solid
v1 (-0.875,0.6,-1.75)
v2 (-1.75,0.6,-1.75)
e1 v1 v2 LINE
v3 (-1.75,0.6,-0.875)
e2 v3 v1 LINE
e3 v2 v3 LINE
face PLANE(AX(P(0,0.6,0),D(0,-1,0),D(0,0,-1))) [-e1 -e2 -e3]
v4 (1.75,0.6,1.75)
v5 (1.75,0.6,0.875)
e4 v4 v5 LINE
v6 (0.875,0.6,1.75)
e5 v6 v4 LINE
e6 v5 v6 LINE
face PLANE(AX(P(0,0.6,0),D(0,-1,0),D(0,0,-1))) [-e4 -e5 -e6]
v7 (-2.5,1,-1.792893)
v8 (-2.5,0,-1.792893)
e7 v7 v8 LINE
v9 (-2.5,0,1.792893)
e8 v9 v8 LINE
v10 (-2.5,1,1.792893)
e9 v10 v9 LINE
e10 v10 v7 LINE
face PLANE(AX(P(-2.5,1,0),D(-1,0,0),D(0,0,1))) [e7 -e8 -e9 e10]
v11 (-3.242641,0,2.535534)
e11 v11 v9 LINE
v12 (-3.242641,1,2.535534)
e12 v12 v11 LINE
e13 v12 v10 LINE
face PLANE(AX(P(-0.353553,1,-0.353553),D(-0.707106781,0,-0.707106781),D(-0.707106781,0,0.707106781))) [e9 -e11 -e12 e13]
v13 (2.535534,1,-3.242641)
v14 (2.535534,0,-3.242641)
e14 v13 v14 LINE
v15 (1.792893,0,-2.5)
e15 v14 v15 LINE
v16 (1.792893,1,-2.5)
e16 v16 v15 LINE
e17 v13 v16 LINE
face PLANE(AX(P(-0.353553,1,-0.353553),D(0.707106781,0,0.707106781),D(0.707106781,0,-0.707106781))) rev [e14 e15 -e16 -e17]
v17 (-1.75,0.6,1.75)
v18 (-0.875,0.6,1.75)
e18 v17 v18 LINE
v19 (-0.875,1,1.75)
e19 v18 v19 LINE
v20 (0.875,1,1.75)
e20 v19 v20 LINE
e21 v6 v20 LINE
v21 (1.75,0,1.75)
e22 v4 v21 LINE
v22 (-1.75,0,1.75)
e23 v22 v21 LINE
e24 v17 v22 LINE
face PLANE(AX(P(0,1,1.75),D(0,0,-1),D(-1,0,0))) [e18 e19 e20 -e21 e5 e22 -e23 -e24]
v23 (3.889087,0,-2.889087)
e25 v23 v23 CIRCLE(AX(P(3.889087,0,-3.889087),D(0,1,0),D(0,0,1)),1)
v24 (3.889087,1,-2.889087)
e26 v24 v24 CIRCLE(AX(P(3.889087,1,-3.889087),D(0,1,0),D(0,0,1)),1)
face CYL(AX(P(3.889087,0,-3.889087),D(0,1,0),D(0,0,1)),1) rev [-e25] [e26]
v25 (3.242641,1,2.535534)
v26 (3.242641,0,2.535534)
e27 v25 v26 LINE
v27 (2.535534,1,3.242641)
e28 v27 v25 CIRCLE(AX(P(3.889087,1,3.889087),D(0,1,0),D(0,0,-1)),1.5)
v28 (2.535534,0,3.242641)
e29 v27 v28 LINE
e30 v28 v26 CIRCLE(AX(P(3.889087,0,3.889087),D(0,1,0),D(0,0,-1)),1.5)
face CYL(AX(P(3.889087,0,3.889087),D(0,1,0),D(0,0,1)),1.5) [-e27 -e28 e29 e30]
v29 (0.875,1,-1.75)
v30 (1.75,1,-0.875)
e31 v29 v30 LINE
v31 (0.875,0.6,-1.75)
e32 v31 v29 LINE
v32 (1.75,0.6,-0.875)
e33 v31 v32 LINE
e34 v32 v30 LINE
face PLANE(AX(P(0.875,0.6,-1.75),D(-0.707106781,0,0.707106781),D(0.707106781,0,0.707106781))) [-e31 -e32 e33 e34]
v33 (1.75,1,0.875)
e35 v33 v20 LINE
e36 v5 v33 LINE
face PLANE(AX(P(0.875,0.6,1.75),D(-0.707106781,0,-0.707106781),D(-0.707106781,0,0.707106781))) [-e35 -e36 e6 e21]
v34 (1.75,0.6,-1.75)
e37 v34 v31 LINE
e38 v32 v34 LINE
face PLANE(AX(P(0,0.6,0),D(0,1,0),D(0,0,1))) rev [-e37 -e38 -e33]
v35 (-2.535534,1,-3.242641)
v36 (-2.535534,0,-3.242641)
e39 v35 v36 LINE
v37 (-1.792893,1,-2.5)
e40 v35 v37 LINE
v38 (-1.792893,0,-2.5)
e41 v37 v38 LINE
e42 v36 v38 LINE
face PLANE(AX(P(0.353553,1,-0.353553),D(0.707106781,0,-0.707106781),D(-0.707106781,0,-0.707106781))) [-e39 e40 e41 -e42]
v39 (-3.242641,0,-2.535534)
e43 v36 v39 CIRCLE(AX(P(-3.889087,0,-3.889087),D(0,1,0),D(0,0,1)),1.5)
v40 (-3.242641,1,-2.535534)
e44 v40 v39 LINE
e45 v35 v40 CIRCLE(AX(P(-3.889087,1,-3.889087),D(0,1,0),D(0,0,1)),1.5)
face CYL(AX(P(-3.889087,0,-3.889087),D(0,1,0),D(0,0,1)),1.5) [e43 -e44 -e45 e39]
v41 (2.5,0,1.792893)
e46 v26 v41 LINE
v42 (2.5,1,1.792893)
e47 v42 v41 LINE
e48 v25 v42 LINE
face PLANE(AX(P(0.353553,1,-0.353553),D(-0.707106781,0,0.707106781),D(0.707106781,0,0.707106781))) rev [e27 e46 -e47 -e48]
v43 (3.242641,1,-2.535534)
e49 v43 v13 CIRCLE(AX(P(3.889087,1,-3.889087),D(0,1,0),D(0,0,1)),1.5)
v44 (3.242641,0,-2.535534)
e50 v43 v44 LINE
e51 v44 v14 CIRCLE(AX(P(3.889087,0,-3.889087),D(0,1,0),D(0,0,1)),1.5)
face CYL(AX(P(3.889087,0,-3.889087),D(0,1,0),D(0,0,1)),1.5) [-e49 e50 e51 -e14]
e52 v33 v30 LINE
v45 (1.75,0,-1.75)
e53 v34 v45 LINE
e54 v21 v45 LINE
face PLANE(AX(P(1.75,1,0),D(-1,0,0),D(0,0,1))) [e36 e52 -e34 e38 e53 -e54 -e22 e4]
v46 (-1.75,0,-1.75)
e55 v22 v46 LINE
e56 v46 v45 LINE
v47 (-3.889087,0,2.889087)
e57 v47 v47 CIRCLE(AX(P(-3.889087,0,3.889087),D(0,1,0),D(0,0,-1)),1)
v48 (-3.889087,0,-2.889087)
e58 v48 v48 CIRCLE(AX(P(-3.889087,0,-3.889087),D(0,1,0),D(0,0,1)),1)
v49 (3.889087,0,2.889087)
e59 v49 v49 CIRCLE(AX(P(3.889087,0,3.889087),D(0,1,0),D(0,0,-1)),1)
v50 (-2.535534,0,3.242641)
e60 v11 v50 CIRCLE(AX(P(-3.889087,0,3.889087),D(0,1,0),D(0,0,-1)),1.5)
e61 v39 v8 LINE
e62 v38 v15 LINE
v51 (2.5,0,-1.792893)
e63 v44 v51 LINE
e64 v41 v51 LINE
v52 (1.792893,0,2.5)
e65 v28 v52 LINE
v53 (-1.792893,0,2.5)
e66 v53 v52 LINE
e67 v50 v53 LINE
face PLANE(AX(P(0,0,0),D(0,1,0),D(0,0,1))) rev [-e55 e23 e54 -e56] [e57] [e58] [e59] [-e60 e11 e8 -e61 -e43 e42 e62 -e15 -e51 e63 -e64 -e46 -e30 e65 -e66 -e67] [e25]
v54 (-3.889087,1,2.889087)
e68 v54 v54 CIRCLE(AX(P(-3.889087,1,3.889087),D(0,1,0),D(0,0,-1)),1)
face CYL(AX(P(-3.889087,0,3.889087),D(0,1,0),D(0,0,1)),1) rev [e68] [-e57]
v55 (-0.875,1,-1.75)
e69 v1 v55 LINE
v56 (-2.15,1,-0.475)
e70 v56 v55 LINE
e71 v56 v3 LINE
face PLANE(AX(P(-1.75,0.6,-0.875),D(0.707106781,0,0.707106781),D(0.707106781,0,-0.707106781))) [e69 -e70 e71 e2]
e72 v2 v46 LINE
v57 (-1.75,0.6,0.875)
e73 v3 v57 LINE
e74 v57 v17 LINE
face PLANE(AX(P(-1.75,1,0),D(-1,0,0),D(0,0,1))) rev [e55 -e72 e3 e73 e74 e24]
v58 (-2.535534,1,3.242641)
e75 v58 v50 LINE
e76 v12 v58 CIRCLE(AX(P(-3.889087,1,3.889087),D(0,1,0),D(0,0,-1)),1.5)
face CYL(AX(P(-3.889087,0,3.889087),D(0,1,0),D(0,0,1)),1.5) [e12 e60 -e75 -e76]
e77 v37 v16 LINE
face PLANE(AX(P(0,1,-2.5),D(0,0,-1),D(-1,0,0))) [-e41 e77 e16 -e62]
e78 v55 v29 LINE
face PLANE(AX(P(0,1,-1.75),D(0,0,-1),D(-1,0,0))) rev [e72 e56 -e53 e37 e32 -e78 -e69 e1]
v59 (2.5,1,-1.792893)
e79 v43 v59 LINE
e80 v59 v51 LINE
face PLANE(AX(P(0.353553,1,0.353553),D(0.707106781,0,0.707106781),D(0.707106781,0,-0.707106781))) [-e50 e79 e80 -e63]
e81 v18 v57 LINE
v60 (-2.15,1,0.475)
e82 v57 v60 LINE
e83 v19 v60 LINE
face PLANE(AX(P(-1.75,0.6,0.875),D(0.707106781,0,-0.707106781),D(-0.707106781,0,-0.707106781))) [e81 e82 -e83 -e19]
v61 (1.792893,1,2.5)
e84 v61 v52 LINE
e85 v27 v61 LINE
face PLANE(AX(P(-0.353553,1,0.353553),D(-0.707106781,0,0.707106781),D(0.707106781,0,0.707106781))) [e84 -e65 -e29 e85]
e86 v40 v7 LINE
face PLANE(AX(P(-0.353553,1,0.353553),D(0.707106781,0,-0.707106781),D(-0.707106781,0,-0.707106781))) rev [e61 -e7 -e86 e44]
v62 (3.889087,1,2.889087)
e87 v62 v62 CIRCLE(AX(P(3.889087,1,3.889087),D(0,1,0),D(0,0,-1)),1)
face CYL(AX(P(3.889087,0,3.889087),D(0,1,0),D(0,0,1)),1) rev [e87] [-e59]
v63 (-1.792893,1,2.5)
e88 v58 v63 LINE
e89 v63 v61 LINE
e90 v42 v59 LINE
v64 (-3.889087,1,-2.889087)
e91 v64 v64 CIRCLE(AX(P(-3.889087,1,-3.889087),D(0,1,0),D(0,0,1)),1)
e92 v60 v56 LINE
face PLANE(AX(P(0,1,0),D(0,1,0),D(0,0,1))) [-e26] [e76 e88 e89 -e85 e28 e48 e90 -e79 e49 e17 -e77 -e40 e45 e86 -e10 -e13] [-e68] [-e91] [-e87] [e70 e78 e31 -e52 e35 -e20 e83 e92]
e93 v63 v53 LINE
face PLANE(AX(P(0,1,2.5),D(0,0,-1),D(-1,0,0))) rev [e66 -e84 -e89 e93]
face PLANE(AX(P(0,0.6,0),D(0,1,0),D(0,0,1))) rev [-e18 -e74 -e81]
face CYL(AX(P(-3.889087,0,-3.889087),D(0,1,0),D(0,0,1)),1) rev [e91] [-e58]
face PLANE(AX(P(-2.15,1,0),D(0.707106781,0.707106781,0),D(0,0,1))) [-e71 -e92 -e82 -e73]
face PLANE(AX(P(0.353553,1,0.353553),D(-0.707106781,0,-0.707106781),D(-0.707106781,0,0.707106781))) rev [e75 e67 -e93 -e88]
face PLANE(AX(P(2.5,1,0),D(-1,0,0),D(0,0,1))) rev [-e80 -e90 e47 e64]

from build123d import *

# Parameters (mm, degrees)
SKETCH1_R           = 0.5
SKETCH1_W           = 5
SKETCH1_H           = 5
SKETCH1_W_2         = 3.5
SKETCH1_H_2         = 3.5
BOSS_EXTRUDE3_DEPTH = 1
BOSS_EXTRUDE4_DEPTH = 0.4
CHAMFER1_SIZE       = 0.4
SKETCH5_R           = 1.5
BOSS_EXTRUDE5_DEPTH = 1
SKETCH6_R           = 1
CUT_EXTRUDE1_DEPTH  = 1


with BuildPart() as part:
    # Sketch1 → Boss-Extrude3 (new body)
    # profile 1 of 9: a face of its own
    with BuildSketch(Plane(origin=(0, 0, 0), x_dir=(1, 0, 0), z_dir=(0, 1, 0))):
        with Locations((-4.596194078, 4.596194078)):
            Circle(SKETCH1_R)
    # profile 2 of 9: a face of its own
    with BuildSketch(Plane(origin=(0, 0, 0), x_dir=(1, 0, 0), z_dir=(0, 1, 0))):
        with BuildLine():
            Line((-4.949747468, 4.242640687), (-2.5, 1.792893219))
            Line((-2.5, 1.792893219), (-2.5, 2.5))
            Line((-2.5, 2.5), (-1.792893219, 2.5))
            Line((-1.792893219, 2.5), (-4.242640687, 4.949747468))
            ThreePointArc((-4.242640687, 4.949747468), (-4.134254311, 4.787535794), (-4.096194078, 4.596194078))
            ThreePointArc((-4.096194078, 4.596194078), (-4.404852362, 4.134254311), (-4.949747468, 4.242640687))
        make_face()
    # profile 3 of 9: a face of its own
    with BuildSketch(Plane(origin=(0, 0, 0), x_dir=(1, 0, 0), z_dir=(0, 1, 0))):
        Rectangle(SKETCH1_W, SKETCH1_H)
        Rectangle(SKETCH1_W_2, SKETCH1_H_2, mode=Mode.SUBTRACT)
    # profile 4 of 9: a face of its own
    with BuildSketch(Plane(origin=(0, 0, 0), x_dir=(1, 0, 0), z_dir=(0, 1, 0))):
        with BuildLine():
            Line((2.5, 2.5), (2.5, 1.792893219))
            Line((2.5, 1.792893219), (4.949747468, 4.242640687))
            ThreePointArc((4.949747468, 4.242640687), (4.242640687, 4.242640687), (4.242640687, 4.949747468))
            Line((4.242640687, 4.949747468), (1.792893219, 2.5))
            Line((1.792893219, 2.5), (2.5, 2.5))
        make_face()
    # profile 5 of 9: a face of its own
    with BuildSketch(Plane(origin=(0, 0, 0), x_dir=(1, 0, 0), z_dir=(0, 1, 0))):
        with Locations((4.596194078, 4.596194078)):
            Circle(SKETCH1_R)
    # profile 6 of 9: a face of its own
    with BuildSketch(Plane(origin=(0, 0, 0), x_dir=(1, 0, 0), z_dir=(0, 1, 0))):
        with Locations((4.596194078, -4.596194078)):
            Circle(SKETCH1_R)
    # profile 7 of 9: a face of its own
    with BuildSketch(Plane(origin=(0, 0, 0), x_dir=(1, 0, 0), z_dir=(0, 1, 0))):
        with BuildLine():
            Line((2.5, -2.5), (1.792893219, -2.5))
            Line((1.792893219, -2.5), (4.242640687, -4.949747468))
            ThreePointArc((4.242640687, -4.949747468), (4.242640687, -4.242640687), (4.949747468, -4.242640687))
            Line((4.949747468, -4.242640687), (2.5, -1.792893219))
            Line((2.5, -1.792893219), (2.5, -2.5))
        make_face()
    # profile 8 of 9: a face of its own
    with BuildSketch(Plane(origin=(0, 0, 0), x_dir=(1, 0, 0), z_dir=(0, 1, 0))):
        with BuildLine():
            Line((-1.792893219, -2.5), (-2.5, -2.5))
            Line((-2.5, -2.5), (-2.5, -1.792893219))
            Line((-2.5, -1.792893219), (-4.949747468, -4.242640687))
            ThreePointArc((-4.949747468, -4.242640687), (-4.404852362, -4.134254311), (-4.096194078, -4.596194078))
            ThreePointArc((-4.096194078, -4.596194078), (-4.134254311, -4.787535794), (-4.242640687, -4.949747468))
            Line((-4.242640687, -4.949747468), (-1.792893219, -2.5))
        make_face()
    # profile 9 of 9: a face of its own
    with BuildSketch(Plane(origin=(0, 0, 0), x_dir=(1, 0, 0), z_dir=(0, 1, 0))):
        with Locations((-4.596194078, -4.596194078)):
            Circle(SKETCH1_R)
    extrude(amount=BOSS_EXTRUDE3_DEPTH)

    # Sketch4 → Boss-Extrude4 (add)
    with BuildSketch(Plane(origin=(0, 1, 0), x_dir=(1, 0, 0), z_dir=(0, 1, 0))):
        Polygon((-1.75, 0.875), (-0.875, 1.75), (-1.75, 1.75), align=None)
        Polygon((1.75, -0.875), (1.75, -1.75), (0.875, -1.75), align=None)
        Polygon((0.875, 1.75), (1.75, 0.875), (1.75, 1.75), align=None)
        Polygon((-0.875, -1.75), (-1.75, -1.75), (-1.75, -0.875), align=None)
    extrude(amount=-BOSS_EXTRUDE4_DEPTH)

    # Chamfer1
    chamfer1_edges = [part.edges().sort_by_distance(p)[0] for p in [
        (-1.75, 1, 0),
    ]]
    chamfer(chamfer1_edges, length=CHAMFER1_SIZE)

    # Sketch5 → Boss-Extrude5 (add)
    with BuildSketch(Plane(origin=(0, 1, 0), x_dir=(1, 0, 0), z_dir=(0, 1, 0))):
        with Locations((-3.889087297, 3.889087297)):
            Circle(SKETCH5_R)
        with Locations((3.889087297, -3.889087297)):
            Circle(SKETCH5_R)
        with Locations((3.889087297, 3.889087297)):
            Circle(SKETCH5_R)
        with Locations((-3.889087297, -3.889087297)):
            Circle(SKETCH5_R)
    extrude(amount=-BOSS_EXTRUDE5_DEPTH)

    # Sketch6 → Cut-Extrude1 (cut)
    with BuildSketch(Plane(origin=(0, 1, 0), x_dir=(1, 0, 0), z_dir=(0, 1, 0))):
        with Locations(Location((-3.889087297, 3.889087297, 0), (0, 0, 270))):
            Circle(SKETCH6_R)
        with Locations(Location((3.889087297, -3.889087297, 0), (0, 0, 90))):
            Circle(SKETCH6_R)
        with Locations(Location((3.889087297, 3.889087297, 0), (0, 0, 270))):
            Circle(SKETCH6_R)
        with Locations(Location((-3.889087297, -3.889087297, 0), (0, 0, 90))):
            Circle(SKETCH6_R)
    extrude(amount=-CUT_EXTRUDE1_DEPTH, mode=Mode.SUBTRACT)


solid = part.part
